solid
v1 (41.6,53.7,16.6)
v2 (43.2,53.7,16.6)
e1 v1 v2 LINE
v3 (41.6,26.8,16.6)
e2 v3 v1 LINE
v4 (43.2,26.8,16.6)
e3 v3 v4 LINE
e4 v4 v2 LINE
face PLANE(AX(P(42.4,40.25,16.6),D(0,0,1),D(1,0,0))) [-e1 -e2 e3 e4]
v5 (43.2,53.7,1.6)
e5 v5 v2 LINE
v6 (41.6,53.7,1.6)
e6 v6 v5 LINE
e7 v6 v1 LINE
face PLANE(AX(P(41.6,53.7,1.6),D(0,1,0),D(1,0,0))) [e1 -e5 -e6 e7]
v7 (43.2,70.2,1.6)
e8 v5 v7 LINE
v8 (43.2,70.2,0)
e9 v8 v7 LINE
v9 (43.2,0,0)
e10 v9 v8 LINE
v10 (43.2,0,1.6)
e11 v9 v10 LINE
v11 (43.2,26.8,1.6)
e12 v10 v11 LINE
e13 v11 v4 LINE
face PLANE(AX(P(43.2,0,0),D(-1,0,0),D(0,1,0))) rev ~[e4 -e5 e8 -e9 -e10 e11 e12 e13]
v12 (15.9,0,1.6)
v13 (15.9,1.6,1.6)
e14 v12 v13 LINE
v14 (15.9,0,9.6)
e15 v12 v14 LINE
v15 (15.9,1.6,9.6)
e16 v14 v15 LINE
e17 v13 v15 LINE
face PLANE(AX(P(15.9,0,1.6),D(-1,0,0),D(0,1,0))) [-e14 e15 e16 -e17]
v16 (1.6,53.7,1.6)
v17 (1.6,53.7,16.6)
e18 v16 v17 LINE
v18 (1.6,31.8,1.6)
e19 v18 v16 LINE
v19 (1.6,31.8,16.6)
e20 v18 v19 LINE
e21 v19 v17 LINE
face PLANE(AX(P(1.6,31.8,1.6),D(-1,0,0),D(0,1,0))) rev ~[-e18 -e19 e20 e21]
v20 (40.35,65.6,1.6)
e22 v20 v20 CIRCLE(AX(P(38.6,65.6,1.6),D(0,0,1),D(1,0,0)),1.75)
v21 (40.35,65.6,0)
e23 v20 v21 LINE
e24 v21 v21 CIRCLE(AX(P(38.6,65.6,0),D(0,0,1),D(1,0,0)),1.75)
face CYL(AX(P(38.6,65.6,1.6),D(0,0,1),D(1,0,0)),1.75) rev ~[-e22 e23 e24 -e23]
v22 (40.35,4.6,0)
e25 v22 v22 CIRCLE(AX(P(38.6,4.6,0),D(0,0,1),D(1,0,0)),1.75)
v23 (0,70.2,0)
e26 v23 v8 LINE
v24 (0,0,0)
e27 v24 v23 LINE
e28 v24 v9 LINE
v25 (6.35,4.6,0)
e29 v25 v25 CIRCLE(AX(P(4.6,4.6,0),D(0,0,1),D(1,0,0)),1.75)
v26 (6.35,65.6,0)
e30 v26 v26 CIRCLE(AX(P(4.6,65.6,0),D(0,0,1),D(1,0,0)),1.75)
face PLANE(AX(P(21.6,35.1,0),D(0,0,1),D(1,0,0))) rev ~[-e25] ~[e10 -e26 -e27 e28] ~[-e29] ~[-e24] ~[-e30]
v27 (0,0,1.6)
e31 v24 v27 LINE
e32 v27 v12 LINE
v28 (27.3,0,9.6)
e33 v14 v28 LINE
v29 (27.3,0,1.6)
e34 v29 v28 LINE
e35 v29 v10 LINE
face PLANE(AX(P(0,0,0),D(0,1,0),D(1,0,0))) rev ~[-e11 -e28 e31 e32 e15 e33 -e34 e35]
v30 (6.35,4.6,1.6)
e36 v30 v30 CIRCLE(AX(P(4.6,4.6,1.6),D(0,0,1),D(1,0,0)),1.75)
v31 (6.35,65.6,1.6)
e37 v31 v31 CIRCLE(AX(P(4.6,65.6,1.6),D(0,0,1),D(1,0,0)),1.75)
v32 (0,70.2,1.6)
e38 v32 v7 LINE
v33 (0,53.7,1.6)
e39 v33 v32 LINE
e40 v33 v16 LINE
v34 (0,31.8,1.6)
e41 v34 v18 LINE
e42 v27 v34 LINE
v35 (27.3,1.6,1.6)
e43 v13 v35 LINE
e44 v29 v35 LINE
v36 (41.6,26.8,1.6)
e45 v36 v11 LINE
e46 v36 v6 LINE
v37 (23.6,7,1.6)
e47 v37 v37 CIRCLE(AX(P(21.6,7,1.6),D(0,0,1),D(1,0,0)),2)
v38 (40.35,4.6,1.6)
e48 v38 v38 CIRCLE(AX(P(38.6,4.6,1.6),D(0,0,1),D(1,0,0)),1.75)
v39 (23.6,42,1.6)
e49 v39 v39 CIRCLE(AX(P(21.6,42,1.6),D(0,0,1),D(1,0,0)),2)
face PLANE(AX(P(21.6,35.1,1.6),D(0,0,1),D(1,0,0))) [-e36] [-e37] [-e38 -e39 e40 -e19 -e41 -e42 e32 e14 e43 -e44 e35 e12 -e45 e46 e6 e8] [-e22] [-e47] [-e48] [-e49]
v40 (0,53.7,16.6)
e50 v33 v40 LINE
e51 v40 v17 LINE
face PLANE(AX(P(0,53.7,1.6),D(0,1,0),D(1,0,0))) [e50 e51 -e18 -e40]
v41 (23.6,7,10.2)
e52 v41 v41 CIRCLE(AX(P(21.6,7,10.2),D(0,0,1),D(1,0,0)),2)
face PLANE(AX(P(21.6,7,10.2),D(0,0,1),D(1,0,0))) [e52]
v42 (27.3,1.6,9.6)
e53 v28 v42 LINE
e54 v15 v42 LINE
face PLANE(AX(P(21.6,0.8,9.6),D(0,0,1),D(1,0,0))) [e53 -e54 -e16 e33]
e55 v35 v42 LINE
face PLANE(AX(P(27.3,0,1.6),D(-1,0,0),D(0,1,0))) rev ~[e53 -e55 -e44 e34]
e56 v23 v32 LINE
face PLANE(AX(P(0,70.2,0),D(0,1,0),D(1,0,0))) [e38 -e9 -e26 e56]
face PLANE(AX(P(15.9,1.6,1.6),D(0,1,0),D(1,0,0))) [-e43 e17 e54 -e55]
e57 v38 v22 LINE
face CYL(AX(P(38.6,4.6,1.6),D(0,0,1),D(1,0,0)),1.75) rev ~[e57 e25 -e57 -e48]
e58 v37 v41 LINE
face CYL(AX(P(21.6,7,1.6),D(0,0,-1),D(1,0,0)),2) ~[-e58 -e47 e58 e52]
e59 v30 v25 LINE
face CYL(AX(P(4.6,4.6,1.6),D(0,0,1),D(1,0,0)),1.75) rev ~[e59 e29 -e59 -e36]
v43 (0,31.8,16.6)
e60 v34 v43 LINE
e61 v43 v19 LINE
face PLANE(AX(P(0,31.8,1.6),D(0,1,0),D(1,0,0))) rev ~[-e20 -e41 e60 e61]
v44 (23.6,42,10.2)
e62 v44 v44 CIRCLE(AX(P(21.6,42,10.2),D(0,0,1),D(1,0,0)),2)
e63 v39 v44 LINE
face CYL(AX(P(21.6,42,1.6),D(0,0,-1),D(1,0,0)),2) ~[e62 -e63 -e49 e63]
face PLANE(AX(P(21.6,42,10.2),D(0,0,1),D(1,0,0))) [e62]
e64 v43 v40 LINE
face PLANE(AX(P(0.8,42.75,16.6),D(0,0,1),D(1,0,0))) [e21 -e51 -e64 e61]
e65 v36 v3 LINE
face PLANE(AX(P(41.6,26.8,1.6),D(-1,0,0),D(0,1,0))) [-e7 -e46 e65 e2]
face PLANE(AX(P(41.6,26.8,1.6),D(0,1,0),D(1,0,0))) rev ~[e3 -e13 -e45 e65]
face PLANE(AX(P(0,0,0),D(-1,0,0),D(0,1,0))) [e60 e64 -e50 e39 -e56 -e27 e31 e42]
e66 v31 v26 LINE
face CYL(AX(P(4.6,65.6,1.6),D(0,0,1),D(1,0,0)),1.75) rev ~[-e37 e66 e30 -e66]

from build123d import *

# Parameters (mm, degrees)
SKETCH_W      = 43.2
SKETCH_H      = 70.2
PAD_DEPTH     = 1.6
SKETCH007_R   = 1.75
POCKET_DEPTH  = 1.6
SKETCH008_W   = 11.4
SKETCH008_H   = 1.6
PAD001_DEPTH  = 8
SKETCH009_W   = 1.6
SKETCH009_H   = 21.9
SKETCH009_H_2 = 26.9
PAD002_DEPTH  = 15
SKETCH010_R   = 2
PAD003_DEPTH  = 8.6


with BuildPart() as part:
    # Sketch → Pad (new body)
    with BuildSketch(Plane.XY):
        with Locations((21.6, 35.1)):
            Rectangle(SKETCH_W, SKETCH_H)
    extrude(amount=PAD_DEPTH)

    # Sketch007 (on Face6 of Pad) → Pocket (cut)
    with BuildSketch(Plane.XY.offset(1.6)):
        with Locations((4.6, 4.6)):
            Circle(SKETCH007_R)
        with Locations((38.6, 4.6)):
            Circle(SKETCH007_R)
        with Locations((4.6, 65.6)):
            Circle(SKETCH007_R)
        with Locations((38.6, 65.6)):
            Circle(SKETCH007_R)
    extrude(amount=-POCKET_DEPTH, mode=Mode.SUBTRACT)

    # Sketch008 (on Face5 of Pocket) → Pad001 (join)
    with BuildSketch(Plane.XY.offset(1.6)):
        with Locations((21.6, 0.8)):
            Rectangle(SKETCH008_W, SKETCH008_H)
    extrude(amount=PAD001_DEPTH)

    # Sketch009 (on Face5 of Pad001) → Pad002 (join)
    with BuildSketch(Plane.XY.offset(1.6)):
        with Locations((0.8, 42.75)):
            Rectangle(SKETCH009_W, SKETCH009_H)
        with Locations((42.4, 40.25)):
            Rectangle(SKETCH009_W, SKETCH009_H_2)
    extrude(amount=PAD002_DEPTH)

    # Sketch010 (on Face5 of Pad002) → Pad003 (join)
    with BuildSketch(Plane.XY.offset(1.6)):
        with Locations((21.6, 42)):
            Circle(SKETCH010_R)
        with Locations((21.6, 7)):
            Circle(SKETCH010_R)
    extrude(amount=PAD003_DEPTH)


solid = part.part
